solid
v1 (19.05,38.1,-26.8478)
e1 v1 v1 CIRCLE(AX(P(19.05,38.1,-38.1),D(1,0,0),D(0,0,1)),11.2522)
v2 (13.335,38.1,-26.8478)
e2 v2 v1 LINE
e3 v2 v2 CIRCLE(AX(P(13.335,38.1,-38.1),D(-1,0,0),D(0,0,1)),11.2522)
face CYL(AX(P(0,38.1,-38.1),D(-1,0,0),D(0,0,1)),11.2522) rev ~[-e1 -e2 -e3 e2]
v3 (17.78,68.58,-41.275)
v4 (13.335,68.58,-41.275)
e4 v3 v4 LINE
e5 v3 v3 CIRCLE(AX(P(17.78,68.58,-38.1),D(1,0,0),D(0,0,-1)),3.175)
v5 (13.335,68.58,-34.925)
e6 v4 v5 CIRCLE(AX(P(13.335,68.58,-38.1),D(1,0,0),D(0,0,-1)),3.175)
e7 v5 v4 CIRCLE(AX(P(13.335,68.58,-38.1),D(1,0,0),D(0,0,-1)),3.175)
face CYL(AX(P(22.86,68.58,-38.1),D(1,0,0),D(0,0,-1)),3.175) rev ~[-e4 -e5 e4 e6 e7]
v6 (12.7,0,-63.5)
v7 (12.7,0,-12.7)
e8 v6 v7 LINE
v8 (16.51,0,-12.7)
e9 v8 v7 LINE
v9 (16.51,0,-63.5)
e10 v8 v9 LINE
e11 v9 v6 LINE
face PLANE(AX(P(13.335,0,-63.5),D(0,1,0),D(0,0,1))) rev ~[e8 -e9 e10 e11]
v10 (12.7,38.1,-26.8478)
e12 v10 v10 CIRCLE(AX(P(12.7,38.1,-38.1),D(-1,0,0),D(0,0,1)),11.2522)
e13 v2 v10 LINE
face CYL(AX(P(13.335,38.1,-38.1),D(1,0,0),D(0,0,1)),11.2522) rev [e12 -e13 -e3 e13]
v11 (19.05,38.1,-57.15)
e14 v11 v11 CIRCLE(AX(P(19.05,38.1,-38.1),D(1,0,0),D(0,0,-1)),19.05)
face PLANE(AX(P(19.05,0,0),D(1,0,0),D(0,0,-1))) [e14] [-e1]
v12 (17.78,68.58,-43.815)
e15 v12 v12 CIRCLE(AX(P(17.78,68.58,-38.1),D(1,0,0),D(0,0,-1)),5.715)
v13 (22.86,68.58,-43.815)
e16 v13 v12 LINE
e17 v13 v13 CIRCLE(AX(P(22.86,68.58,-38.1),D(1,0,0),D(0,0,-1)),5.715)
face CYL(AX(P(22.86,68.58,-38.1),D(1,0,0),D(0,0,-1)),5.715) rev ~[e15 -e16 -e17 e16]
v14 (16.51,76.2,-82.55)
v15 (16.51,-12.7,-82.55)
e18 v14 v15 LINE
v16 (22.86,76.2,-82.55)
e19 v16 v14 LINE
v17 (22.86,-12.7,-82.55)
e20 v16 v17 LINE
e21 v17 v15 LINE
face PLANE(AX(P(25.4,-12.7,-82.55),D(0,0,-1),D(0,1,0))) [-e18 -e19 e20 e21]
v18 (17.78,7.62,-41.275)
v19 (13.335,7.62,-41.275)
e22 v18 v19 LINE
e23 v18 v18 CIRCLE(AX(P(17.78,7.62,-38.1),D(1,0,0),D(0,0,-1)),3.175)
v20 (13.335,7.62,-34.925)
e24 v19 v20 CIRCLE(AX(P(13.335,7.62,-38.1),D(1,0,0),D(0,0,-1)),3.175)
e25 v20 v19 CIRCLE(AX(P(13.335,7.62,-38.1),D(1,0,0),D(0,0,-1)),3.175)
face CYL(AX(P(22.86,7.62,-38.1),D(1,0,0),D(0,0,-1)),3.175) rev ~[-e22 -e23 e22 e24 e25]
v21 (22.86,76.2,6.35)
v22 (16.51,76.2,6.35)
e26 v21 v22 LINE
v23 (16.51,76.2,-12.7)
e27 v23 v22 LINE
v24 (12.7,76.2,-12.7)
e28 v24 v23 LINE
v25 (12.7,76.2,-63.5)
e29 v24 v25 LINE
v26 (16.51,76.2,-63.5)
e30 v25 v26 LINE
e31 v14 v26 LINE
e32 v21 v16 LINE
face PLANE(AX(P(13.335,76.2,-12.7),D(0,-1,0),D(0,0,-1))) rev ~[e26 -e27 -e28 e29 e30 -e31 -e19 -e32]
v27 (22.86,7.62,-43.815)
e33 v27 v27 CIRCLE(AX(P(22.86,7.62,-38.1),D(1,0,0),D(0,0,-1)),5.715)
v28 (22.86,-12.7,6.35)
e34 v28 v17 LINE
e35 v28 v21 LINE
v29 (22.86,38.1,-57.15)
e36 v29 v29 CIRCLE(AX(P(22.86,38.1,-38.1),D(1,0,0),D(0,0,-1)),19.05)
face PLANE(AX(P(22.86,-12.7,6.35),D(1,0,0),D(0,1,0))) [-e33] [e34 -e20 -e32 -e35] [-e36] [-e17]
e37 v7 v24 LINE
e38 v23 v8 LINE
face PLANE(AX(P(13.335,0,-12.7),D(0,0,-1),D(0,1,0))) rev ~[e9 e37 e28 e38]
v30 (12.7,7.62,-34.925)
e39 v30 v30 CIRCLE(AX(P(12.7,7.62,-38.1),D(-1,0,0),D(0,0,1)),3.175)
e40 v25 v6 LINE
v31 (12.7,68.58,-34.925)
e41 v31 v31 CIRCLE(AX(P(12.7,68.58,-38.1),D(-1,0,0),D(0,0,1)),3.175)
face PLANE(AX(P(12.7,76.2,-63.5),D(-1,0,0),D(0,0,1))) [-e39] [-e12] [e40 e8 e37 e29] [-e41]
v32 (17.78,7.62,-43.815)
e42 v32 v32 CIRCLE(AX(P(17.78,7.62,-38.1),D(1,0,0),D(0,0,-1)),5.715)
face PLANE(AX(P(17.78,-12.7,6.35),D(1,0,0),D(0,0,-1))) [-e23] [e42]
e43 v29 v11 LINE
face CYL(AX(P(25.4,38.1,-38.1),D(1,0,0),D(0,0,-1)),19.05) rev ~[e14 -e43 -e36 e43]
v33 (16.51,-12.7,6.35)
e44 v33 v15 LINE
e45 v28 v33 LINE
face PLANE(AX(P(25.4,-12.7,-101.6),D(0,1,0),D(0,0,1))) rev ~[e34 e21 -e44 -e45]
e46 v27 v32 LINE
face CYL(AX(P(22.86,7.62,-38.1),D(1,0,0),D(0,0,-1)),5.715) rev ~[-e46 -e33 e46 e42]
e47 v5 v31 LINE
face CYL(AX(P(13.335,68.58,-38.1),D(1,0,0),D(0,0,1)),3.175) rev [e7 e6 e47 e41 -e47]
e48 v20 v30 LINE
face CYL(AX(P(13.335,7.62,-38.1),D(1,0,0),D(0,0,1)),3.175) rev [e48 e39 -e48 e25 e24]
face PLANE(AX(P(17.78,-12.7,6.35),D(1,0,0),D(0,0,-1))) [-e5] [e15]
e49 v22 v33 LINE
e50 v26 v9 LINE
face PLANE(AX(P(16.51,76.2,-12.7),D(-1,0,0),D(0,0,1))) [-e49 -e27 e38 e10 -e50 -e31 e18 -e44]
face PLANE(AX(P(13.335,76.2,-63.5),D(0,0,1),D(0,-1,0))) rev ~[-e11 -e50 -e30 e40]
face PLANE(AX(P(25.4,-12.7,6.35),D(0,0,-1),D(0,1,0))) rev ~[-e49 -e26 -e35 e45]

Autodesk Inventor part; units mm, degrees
ref_plane "YZ Plane" through (0, 0, 0) normal (1, 0, 0) x (0, 1, 0)
ref_plane "XZ Plane" through (0, 0, 0) normal (0, 1, 0) x (-1, 0, 0)
ref_plane "XY Plane" through (0, 0, 0) normal (0, 0, 1) x (1, 0, 0)
sketch "Sketch3" plane through (0, 0, 0) normal (1, 0, 0) x (0, 1, 0)
  line L0 (0, 0) -> (76.2, 0)
  line L1 (76.2, 0) -> (76.2, -76.2)
  line L2 (76.2, -76.2) -> (0, -76.2)
  line L3 (0, -76.2) -> (0, 0)
  line L4 (76.2, 0) -> (50.8, 0)
  line L5 (50.8, 50.8) -> (76.2, 50.8)
  line L6 (76.2, 50.8) -> (76.2, 0)
  line L7 (76.2, -76.2) -> (50.8, -76.2)
  line L8 (50.8, -127) -> (76.2, -127)
  line L9 (76.2, -127) -> (76.2, -76.2)
  line L10 (50.8, 50.8) -> (-50.8, 50.8)
  line L11 (-50.8, 50.8) -> (-50.8, 0)
  line L12 (0, 0) -> (50.8, 0)
  line L13 (50.8, -76.2) -> (0, -76.2)
  line L14 (-50.8, -76.2) -> (-50.8, -127)
  line L15 (-50.8, -127) -> (50.8, -127)
  line L16 (0, 0) -> (0, -76.2)
  line L17 (-50.8, -76.2) -> (-50.8, 0)
  dimension "d1" = 76.2
  dimension "d26" = 50.8
extrude "Extrusion1" add sketch "Sketch3" along normal blind 25.4
sketch "Sketch5" plane through (0, 0, 0) normal (-1, 0, 0) x (0, 0, 1)
  line L0 (-76.2, 76.2) -> (0, 76.2) projected
  line L1 (-76.2, 76.2) -> (-38.1, 76.2)
  line L2 (-38.1, 76.2) -> (-38.1, 63.5)
  line L3 (-38.1, 63.5) -> (-38.1, 38.1)
  circle A0 centre (-38.1, 38.1) radius 11.2522
  point P0 (0, 0)
  dimension "d10" = 38.1
  dimension "d11" = 12.7
  dimension "d12" = 25.4
  dimension "d13" = 22.5044
extrude "Extrusion3" cut sketch "Sketch5" against normal blind 76.2
sketch "Sketch6" plane through (25.4, 0, 0) normal (1, 0, 0) x (0, 0, -1)
  circle A0 centre (38.1, 38.1) radius 11.2522 projected
  circle A1 centre (38.1, 38.1) radius 19.05
  point P0 (0, 0)
  dimension "d20" = 38.1
extrude "Extrusion4" cut sketch "Sketch6" against normal blind 6.35
sketch "Sketch8" plane through (0, 76.2, 50.8) normal (0, 1, 0) x (1, 0, 0)
  line L0 (0, 0) -> (25.4, 0) projected
  line L1 (12.7, 0) -> (9.525, 0)
  line L2 (9.525, 0) -> (15.875, 0)
  line L3 (15.875, 0) -> (15.875, 50.8)
  line L4 (15.875, 50.8) -> (9.525, 50.8)
  line L5 (9.525, 50.8) -> (9.525, 0)
  line L6 (0, 177.8) -> (0, 0) projected
  line L7 (12.7, 177.8) -> (9.525, 177.8)
  line L8 (9.525, 177.8) -> (15.875, 177.8)
  line L9 (15.875, 177.8) -> (15.875, 127)
  line L10 (15.875, 127) -> (9.525, 127)
  line L11 (9.525, 127) -> (9.525, 177.8)
  line L12 (0, 0) -> (0, 177.8)
  point P0 (0, 50.8)
  point P1 (25.4, 177.8)
  point P2 (15.875, 0)
  dimension "d28" = 6.35
  dimension "d29" = 50.8
extrude "Extrusion5" cut sketch "Sketch8" against normal blind 76.2
sketch "Sketch9" plane through (0, -50.8, 50.8) normal (0, 0, 1) x (1, 0, 0)
  line L0 (9.525, 50.8) -> (15.875, 50.8)
  line L1 (15.875, 50.8) -> (15.875, 0)
  line L2 (15.875, 0) -> (9.525, 0)
  line L3 (9.525, 0) -> (9.525, 50.8)
  point P0 (0, 50.8)
  dimension "d32" = 6.35
  dimension "d33" = 50.8
extrude "Extrusion6" cut sketch "Sketch9" against normal blind 203.2
sketch "Sketch10" plane through (0, 0, 0) normal (-1, 0, 0) x (0, 0, 1)
  circle A0 centre (-38.1, 38.1) radius 11.2522 projected
  circle A1 centre (-38.1, 38.1) radius 19.05
  point P0 (0, 0)
  dimension "d36" = 38.1
extrude "Extrusion7" cut sketch "Sketch10" against normal blind 5.08 contours A0 | A1
sketch "Sketch11" plane through (0, 76.2, 50.8) normal (0, 1, 0) x (1, 0, 0)
  line L0 (9.525, 50.8) -> (15.875, 50.8) projected
  line L1 (16.51, 50.8) -> (16.51, 0)
  line L2 (16.51, 0) -> (8.89, 0)
  line L3 (9.525, 177.8) -> (9.525, 0) projected
  line L4 (8.89, 0) -> (8.89, 51.308)
  line L5 (8.89, 0) -> (60.198, 0) construction
  line L6 (8.89, 51.308) -> (16.51, 51.308)
  line L7 (16.51, 51.308) -> (16.51, 50.8)
  line L8 (0, 69.85) -> (0, 107.95) projected
  line L9 (0, 88.9) -> (23.8125, 88.9)
  line L10 (9.525, 127) -> (15.875, 127)
  line L11 (16.51, 127) -> (16.51, 177.8)
  line L12 (16.51, 177.8) -> (8.89, 177.8)
  line L13 (8.89, 177.8) -> (8.89, 126.492)
  line L14 (8.89, 126.492) -> (16.51, 126.492)
  line L15 (16.51, 126.492) -> (16.51, 127)
  point P0 (0, 50.8)
  point P1 (0, 127)
  dimension "d40" = 7.62
extrude "Extrusion8" cut sketch "Sketch11" against normal blind 152.4
sketch "Sketch12" plane through (25.4, -50.8, 50.8) normal (0, 0, 1) x (1, 0, 0)
  line L0 (-8.89, 127) -> (-8.89, 0) projected
  line L1 (-16.51, 127) -> (-16.51, 0) projected
  line L2 (-8.89, 50.8) -> (-16.51, 50.8)
  line L3 (-16.51, 50.8) -> (-16.51, 0)
  line L4 (-16.51, 0) -> (-8.89, 0)
  line L5 (-8.89, 0) -> (-8.89, 50.8)
  point P0 (-25.4, 50.8)
extrude "Extrusion9" cut sketch "Sketch12" against normal blind 203.2
sketch "Sketch13" plane through (25.4, 0, 0) normal (1, 0, 0) x (0, 0, -1)
  line L0 (127, 76.2) -> (-50.8, 76.2) projected
  line L1 (-50.8, -50.8) -> (127, -50.8) projected
  line L2 (-50.8, 76.2) -> (-25.4, 76.2)
  line L3 (-25.4, 76.2) -> (-25.4, -50.8)
  line L4 (-25.4, -50.8) -> (-50.8, -50.8)
  line L5 (-50.8, -50.8) -> (-50.8, 76.2)
  line L6 (127, -50.8) -> (127, 76.2) projected
  line L7 (127, 76.2) -> (75.692, 76.2) projected
  line L8 (127, -50.8) -> (101.6, -50.8)
  line L9 (101.6, -50.8) -> (101.6, 76.2)
  line L10 (101.6, 76.2) -> (127, 76.2)
  line L11 (127, 76.2) -> (127, -50.8)
  point P0 (0, 0)
  dimension "d49" = 25.4
  dimension "d50" = 25.4
extrude "Extrusion10" cut sketch "Sketch13" against normal blind 25.4 contours L6 L1 L9 L0 | L3 L1 L5 L0
sketch "Sketch14" plane through (25.4, 0, 0) normal (1, 0, 0) x (0, 0, -1)
  line L0 (-25.4, -50.8) -> (101.6, -50.8) projected
  line L1 (101.6, -50.8) -> (101.6, 76.2) projected
  line L2 (-25.4, -50.8) -> (101.6, -50.8)
  line L3 (101.6, -50.8) -> (101.6, -12.7)
  line L4 (101.6, -12.7) -> (-25.4, -12.7)
  line L5 (-25.4, -12.7) -> (-25.4, -50.8)
  point P0 (0, 0)
  dimension "d53" = 38.1
extrude "Extrusion11" cut sketch "Sketch14" against normal blind 25.4
sketch "Sketch15" plane through (25.4, 0, 0) normal (1, 0, 0) x (0, 0, -1)
  point P0 (0, 0)
sketch "Sketch16" plane through (0, 76.2, 25.4) normal (0, 0, 1) x (1, 0, 0)
  point P0 (0, -76.2)
sketch "Sketch17" plane through (8.89, 76.2, -75.692) normal (0, 1, 0) x (1, 0, 0)
  line L0 (-8.89, -101.092) -> (0, -101.092) projected
  line L1 (7.62, 25.908) -> (7.62, -101.092) projected
  line L2 (0, -101.092) -> (7.62, -101.092)
  line L3 (7.62, -101.092) -> (7.62, -62.992)
  line L4 (7.62, -62.992) -> (0, -62.992)
  line L5 (0, -62.992) -> (0, -101.092)
  line L6 (7.62, 25.908) -> (7.62, 0) projected
  line L7 (0, -101.092) -> (0, 25.908) projected
  line L8 (7.62, 25.908) -> (0, 25.908)
  line L9 (0, 25.908) -> (0, -12.192)
  line L10 (0, -12.192) -> (7.62, -12.192)
  line L11 (7.62, -12.192) -> (7.62, 25.908)
  point P0 (-8.89, -75.692)
  point P1 (7.62, -12.192)
  dimension "d56" = 38.1
  dimension "d57" = 38.1
extrude "Extrusion12" cut sketch "Sketch17" against normal blind 76.2 contours L1 L10 L7 L8 | L1 L2 L5 L4
sketch "Sketch18" plane through (8.89, 0, -12.7) normal (0, -1, 0) x (1, 0, 0)
  point P0 (-8.89, 12.7)
sketch "Sketch19" plane through (25.4, 0, 0) normal (1, 0, 0) x (0, 0, -1)
  line L0 (12.7, 76.2) -> (-25.4, 76.2) projected
  line L1 (-25.4, -12.7) -> (-6.35, -12.7)
  line L2 (-6.35, -12.7) -> (-6.35, 76.2)
  line L3 (-6.35, 76.2) -> (-25.4, 76.2)
  line L4 (-25.4, 76.2) -> (-25.4, -12.7)
  line L5 (101.6, -12.7) -> (-25.4, -12.7) projected
  line L6 (101.6, 76.2) -> (-25.4, 76.2) projected
  line L7 (101.6, -12.7) -> (82.55, -12.7)
  line L8 (82.55, -12.7) -> (82.55, 76.2)
  line L9 (82.55, 76.2) -> (101.6, 76.2)
  line L10 (101.6, 76.2) -> (101.6, -12.7)
  point P0 (0, 0)
  dimension "d60" = 19.05
extrude "Extrusion13" cut sketch "Sketch19" against normal blind 76.2 contours L2 L1 L4 L0 | L6 L10 L5 L8
sketch "Sketch20" plane through (0, 76.2, 6.35) normal (0, 0, 1) x (1, 0, 0)
  line L0 (8.89, -88.9) -> (0, -88.9) projected
  line L1 (8.89, 0) -> (8.89, -76.2) projected
  line L2 (0, -88.9) -> (8.89, -88.9)
  line L3 (8.89, -88.9) -> (8.89, 0)
  line L4 (8.89, 0) -> (0, 0)
  line L5 (0, 0) -> (0, -88.9)
  point P0 (0, -76.2)
extrude "Extrusion14" cut sketch "Sketch20" against normal blind 127
sketch "Sketch21" plane through (25.4, 0, 0) normal (1, 0, 0) x (0, 0, -1)
  point P0 (0, 0)
sketch "Sketch22" plane through (16.51, 76.2, 6.35) normal (0, 1, 0) x (1, 0, 0)
  line L0 (0, 19.05) -> (-7.62, 19.05) projected
  line L1 (-7.62, 69.85) -> (0, 69.85) projected
  line L2 (0, 19.05) -> (-3.175, 19.05)
  line L3 (-3.175, 19.05) -> (-3.175, 69.85)
  line L4 (-3.175, 69.85) -> (0, 69.85)
  line L5 (0, 69.85) -> (0, 19.05)
  line L6 (-7.62, 69.85) -> (-7.62, 19.05) projected
  line L7 (-3.175, 69.85) -> (-7.62, 69.85)
  line L8 (-7.62, 69.85) -> (-7.62, 19.05)
  line L9 (-7.62, 19.05) -> (-3.175, 19.05)
  line L10 (-3.175, 19.05) -> (-3.175, 69.85)
  point P0 (-16.51, 6.35)
  point P1 (-3.175, 19.05)
  dimension "d65" = 3.175
extrude "Extrusion15" cut sketch "Sketch22" against normal blind 127 contours L0 L6 L1 L3
sketch "Sketch23" plane through (25.4, -12.7, 6.35) normal (0, 0, 1) x (1, 0, 0)
  line L0 (0, 88.9) -> (-8.89, 88.9) projected
  line L1 (-8.89, 0) -> (-2.54, 0)
  line L2 (-2.54, 0) -> (-2.54, 88.9)
  line L3 (-2.54, 88.9) -> (-8.89, 88.9)
  line L4 (-8.89, 88.9) -> (-8.89, 0)
  line L5 (-2.54, 88.9) -> (0, 88.9)
  line L6 (0, 88.9) -> (0, 0)
  line L7 (0, 0) -> (-2.54, 0)
  line L8 (-2.54, 0) -> (-2.54, 88.9)
  point P0 (-25.4, 12.7)
  dimension "d68" = 6.35
extrude "Extrusion16" cut sketch "Sketch23" against normal blind 127 contours L6 L7 L2 L0
sketch "Sketch24" plane through (22.86, -12.7, 6.35) normal (1, 0, 0) x (0, 0, -1)
  circle A0 centre (44.45, 50.8) radius 19.05 projected
  circle A1 centre (44.45, 81.28) radius 3.175
  circle A2 centre (44.45, 20.32) radius 3.175
  point P0 (6.35, 12.7)
  dimension "d72" = 6.35
  dimension "d74" = 6.35
extrude "Extrusion17" cut sketch "Sketch24" against normal blind 127 contours A1 | A2
sketch "Sketch25" plane through (22.86, -12.7, 6.35) normal (1, 0, 0) x (0, 0, -1)
  circle A0 centre (44.45, 81.28) radius 3.175 projected
  circle A1 centre (44.45, 81.28) radius 5.715
  circle A2 centre (44.45, 20.32) radius 3.175 projected
  circle A3 centre (44.45, 20.32) radius 5.715
  point P0 (6.35, 12.7)
  dimension "d77" = 11.43
  dimension "d78" = 11.43
extrude "Extrusion18" cut sketch "Sketch25" against normal blind 5.08 contours A0 | A1 | A2 | A3
sketch "Sketch26" plane through (13.335, 76.2, -63.5) normal (-1, 0, 0) x (0, 0, 1)
  point P0 (63.5, -76.2)
sketch "Sketch27" plane through (22.86, -12.7, 6.35) normal (1, 0, 0) x (0, 0, -1)
  point P0 (6.35, 12.7)
sketch "Sketch28" plane through (13.335, 76.2, -63.5) normal (-1, 0, 0) x (0, 0, 1)
  point P0 (63.5, -76.2)
sketch "Sketch30" plane through (13.335, 76.2, -63.5) normal (-1, 0, 0) x (0, 0, 1)
  circle A0 centre (25.4, -7.62) radius 3.175 projected
  circle A1 centre (25.4, -7.62) radius 3.175
  circle A2 centre (25.4, -38.1) radius 11.2522 projected
  circle A3 centre (25.4, -38.1) radius 11.2522
  circle A4 centre (25.4, -68.58) radius 3.175 projected
  circle A5 centre (25.4, -68.58) radius 3.175
  line L0 (0, -76.2) -> (50.8, -76.2)
  line L1 (50.8, -76.2) -> (50.8, 0)
  line L2 (50.8, 0) -> (0, 0)
  line L3 (0, 0) -> (0, -76.2)
  point P0 (63.5, -76.2)
extrude "Extrusion19" add sketch "Sketch30" along normal blind 0.635
properties part number "220307 Rod Support Part B Corrected"
